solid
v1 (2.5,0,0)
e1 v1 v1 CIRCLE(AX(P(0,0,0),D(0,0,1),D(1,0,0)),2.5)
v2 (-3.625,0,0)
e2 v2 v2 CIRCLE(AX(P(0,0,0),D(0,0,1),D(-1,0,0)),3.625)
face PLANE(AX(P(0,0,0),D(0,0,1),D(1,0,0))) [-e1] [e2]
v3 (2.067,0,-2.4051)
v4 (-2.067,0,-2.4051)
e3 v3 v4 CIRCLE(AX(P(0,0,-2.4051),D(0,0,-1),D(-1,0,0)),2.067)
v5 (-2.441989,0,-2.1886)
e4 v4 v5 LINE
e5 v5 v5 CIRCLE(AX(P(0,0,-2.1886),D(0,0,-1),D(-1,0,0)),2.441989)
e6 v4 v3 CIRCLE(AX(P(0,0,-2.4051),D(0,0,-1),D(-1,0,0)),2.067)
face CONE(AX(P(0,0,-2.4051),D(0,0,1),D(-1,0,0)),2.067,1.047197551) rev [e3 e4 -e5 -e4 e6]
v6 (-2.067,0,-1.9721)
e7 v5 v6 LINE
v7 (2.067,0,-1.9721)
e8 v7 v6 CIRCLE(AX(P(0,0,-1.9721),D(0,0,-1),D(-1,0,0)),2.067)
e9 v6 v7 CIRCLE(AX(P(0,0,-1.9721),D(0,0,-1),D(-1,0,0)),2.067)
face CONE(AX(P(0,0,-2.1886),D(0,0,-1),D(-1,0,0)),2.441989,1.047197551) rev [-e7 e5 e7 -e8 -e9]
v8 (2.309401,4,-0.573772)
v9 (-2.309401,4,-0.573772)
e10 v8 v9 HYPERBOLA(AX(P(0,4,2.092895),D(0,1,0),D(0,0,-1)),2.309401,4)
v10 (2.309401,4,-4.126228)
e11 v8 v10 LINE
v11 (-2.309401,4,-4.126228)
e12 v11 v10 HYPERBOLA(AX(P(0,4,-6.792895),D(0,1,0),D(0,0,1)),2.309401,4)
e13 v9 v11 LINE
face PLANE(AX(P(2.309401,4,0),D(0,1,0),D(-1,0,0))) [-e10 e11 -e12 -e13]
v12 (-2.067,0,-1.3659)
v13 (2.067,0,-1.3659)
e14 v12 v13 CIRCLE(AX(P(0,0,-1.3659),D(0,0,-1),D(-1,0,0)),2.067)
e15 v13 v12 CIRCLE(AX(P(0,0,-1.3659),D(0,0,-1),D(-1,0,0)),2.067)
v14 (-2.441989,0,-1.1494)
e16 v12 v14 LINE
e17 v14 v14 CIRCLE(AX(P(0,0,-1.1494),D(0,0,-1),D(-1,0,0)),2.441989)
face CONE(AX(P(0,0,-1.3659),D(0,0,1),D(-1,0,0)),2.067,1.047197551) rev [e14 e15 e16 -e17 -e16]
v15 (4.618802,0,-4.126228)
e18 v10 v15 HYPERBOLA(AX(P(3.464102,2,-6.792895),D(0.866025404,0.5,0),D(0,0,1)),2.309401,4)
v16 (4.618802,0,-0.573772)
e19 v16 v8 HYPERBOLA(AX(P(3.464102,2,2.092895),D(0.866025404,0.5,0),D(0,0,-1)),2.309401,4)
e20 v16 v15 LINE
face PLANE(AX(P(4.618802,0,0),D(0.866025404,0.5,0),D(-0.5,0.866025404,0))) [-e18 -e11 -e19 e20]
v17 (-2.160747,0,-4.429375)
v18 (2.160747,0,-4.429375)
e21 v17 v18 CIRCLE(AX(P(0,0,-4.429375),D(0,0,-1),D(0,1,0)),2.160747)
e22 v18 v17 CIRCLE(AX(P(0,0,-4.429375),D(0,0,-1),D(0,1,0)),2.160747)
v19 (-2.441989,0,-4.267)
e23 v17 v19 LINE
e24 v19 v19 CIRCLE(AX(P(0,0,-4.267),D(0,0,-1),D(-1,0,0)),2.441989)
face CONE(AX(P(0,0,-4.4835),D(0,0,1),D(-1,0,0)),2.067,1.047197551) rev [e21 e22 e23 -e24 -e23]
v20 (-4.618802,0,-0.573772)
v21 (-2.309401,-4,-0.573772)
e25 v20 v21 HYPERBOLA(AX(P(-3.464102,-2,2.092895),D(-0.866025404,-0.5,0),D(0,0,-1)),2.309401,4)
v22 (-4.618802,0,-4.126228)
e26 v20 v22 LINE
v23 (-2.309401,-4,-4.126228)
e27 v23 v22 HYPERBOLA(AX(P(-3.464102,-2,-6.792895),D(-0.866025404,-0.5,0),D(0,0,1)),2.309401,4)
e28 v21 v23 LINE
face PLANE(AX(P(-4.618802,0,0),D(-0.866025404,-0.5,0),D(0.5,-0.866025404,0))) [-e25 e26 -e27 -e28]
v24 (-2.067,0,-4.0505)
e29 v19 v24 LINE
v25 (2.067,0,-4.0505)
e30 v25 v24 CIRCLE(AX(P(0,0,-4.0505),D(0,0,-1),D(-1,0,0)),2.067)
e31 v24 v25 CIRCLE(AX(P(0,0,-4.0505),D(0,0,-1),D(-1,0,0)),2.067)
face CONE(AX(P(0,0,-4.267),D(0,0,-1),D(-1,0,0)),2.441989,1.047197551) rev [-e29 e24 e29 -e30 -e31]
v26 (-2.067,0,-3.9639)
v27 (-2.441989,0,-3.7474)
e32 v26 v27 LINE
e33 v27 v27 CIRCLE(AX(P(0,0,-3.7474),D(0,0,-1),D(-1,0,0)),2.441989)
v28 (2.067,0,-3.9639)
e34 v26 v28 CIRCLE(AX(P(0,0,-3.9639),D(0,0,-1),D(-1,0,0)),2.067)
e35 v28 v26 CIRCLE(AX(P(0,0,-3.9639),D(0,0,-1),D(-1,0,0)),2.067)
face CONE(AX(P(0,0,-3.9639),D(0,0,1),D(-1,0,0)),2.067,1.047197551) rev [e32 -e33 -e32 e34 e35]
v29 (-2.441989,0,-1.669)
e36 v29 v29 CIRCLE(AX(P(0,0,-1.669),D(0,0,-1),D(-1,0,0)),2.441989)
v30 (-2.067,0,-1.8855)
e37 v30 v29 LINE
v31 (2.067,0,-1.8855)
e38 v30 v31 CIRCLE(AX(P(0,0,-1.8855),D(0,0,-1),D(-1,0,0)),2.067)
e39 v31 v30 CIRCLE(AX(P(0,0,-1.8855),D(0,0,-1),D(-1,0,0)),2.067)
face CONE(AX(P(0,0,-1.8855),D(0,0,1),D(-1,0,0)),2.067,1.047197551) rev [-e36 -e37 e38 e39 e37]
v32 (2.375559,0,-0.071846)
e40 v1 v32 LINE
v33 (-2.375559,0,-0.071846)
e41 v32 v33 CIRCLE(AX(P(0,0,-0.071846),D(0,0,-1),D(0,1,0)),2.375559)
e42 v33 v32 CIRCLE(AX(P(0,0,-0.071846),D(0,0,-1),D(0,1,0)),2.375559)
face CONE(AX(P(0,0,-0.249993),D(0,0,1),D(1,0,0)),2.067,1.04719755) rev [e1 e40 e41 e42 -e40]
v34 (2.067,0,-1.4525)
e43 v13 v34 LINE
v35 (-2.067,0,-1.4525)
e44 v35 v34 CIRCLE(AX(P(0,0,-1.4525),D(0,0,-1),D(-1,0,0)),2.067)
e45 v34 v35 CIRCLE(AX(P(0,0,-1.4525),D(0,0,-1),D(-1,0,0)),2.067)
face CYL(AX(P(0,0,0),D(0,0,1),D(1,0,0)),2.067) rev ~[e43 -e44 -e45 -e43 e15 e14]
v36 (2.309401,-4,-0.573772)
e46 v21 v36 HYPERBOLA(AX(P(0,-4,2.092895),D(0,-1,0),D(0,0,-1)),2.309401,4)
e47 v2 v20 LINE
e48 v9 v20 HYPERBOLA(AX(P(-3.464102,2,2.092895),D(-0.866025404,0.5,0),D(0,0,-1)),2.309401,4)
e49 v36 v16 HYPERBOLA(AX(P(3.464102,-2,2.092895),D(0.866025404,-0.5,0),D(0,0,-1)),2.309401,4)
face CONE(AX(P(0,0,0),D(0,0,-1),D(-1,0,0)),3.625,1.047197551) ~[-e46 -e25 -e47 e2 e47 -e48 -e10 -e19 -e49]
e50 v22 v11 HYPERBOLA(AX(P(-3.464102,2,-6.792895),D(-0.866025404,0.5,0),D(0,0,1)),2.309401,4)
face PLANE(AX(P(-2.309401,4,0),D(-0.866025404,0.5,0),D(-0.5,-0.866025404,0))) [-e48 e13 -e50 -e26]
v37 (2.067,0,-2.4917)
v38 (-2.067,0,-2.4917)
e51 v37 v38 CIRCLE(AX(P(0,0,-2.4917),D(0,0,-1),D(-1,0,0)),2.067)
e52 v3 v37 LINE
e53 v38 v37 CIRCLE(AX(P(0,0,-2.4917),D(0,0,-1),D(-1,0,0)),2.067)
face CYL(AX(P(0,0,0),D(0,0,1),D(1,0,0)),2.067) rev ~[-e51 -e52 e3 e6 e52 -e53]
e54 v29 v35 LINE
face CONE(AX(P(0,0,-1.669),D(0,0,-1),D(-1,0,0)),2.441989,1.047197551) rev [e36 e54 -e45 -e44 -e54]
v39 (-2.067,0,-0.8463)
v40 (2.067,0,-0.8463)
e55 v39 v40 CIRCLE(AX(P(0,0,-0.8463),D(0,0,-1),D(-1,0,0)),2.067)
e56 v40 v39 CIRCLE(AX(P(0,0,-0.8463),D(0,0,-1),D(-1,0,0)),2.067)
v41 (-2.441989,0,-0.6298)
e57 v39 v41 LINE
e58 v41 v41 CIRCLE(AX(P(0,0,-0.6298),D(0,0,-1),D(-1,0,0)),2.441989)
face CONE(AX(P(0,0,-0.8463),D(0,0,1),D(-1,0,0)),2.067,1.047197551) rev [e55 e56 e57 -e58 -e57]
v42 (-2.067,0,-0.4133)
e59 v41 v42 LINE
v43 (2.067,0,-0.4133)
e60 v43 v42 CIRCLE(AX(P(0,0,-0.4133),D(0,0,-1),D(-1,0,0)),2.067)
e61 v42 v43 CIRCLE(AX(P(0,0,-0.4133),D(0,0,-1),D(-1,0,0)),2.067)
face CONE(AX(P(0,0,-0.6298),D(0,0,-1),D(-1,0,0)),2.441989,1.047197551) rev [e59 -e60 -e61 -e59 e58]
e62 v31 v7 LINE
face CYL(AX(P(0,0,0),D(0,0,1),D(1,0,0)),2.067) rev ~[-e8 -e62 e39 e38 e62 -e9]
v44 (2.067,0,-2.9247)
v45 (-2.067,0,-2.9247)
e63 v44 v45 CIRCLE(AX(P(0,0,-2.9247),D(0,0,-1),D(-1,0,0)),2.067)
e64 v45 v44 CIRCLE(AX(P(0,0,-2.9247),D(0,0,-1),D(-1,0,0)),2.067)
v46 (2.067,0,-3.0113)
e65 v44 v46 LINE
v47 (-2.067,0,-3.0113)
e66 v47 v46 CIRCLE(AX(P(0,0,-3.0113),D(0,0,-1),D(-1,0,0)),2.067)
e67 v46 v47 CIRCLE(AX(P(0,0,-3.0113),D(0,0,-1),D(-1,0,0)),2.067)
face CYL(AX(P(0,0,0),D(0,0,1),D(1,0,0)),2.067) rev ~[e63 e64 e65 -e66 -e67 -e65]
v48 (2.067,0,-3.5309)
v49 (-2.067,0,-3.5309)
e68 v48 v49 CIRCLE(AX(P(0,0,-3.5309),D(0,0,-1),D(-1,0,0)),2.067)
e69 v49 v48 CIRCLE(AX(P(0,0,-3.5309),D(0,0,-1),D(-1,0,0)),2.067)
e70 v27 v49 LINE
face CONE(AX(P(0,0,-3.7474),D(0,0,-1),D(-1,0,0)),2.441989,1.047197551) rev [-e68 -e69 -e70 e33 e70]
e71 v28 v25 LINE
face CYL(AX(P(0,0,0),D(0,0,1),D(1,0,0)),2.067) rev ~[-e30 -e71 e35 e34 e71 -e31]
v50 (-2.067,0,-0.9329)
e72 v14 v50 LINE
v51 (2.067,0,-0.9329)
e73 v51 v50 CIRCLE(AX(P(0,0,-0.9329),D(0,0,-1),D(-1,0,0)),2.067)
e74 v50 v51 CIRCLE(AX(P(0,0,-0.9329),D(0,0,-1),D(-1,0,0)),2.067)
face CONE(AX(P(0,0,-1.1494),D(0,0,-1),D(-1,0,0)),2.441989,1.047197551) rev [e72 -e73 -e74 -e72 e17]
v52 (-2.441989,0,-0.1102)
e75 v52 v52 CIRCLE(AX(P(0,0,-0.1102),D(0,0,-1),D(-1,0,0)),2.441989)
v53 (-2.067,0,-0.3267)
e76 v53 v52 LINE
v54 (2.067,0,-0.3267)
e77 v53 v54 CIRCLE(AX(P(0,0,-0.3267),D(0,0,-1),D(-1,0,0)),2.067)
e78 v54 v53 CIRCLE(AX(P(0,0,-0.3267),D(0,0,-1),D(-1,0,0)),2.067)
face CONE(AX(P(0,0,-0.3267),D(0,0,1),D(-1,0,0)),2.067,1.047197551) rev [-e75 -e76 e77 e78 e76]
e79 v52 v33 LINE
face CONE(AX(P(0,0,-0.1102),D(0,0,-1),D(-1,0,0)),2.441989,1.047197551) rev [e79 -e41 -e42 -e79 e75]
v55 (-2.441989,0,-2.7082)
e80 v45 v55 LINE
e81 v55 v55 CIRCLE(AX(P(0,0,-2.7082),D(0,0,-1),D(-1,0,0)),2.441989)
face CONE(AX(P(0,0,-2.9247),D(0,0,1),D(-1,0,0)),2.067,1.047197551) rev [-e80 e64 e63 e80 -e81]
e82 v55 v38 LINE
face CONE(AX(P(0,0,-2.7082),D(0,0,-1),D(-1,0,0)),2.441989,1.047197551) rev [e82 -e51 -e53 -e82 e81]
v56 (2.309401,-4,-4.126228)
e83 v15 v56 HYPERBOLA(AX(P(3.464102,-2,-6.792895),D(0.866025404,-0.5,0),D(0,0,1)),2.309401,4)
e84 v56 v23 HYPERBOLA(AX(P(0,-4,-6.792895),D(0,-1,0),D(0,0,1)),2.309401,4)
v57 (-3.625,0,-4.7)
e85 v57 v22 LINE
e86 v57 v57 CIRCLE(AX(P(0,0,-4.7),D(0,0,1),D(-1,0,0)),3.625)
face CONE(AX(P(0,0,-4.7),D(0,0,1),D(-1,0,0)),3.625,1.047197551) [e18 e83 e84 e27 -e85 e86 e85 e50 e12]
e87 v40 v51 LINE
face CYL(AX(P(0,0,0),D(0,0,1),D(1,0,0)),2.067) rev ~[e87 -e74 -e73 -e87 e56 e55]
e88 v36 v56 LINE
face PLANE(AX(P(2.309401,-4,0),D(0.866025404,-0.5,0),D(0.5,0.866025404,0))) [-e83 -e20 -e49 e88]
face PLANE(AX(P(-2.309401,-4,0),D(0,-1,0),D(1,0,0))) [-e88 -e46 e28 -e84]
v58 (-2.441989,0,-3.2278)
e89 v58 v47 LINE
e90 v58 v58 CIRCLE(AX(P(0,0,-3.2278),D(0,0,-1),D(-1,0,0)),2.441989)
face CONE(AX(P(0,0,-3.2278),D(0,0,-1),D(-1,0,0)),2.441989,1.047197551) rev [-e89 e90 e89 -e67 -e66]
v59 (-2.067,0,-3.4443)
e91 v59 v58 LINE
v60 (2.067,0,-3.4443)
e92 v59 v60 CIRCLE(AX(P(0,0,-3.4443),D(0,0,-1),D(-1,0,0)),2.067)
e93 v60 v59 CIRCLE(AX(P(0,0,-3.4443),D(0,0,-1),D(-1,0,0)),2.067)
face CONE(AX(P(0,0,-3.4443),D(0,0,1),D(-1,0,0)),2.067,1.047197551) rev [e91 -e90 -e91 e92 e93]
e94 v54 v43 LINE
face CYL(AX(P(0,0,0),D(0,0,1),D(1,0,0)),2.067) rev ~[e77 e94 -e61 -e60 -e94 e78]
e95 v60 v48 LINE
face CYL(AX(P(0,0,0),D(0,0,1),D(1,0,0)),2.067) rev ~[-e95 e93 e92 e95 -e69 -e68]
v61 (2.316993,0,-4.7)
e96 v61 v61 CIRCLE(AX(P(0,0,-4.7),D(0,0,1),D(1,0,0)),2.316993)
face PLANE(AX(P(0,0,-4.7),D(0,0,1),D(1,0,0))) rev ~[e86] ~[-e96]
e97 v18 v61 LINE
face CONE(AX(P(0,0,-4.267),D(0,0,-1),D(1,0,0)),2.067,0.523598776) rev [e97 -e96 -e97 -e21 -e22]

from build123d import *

# Parameters (mm, degrees)
SKETCH1_R               = 2.067
BASENUT_DEPTH           = 4.7
ENDCHAMFER_SIZE         = 0.433
ENDCHAMFER_SIZE2        = 0.249992667
ENDCHAMFER_PART_2_SIZE  = 0.433
ENDCHAMFER_PART_2_SIZE2 = 0.249992667
LPATTERN10_COUNT        = 9
LPATTERN10_PITCH        = 0.5196


with BuildPart() as part:
    # Sketch1 → BaseNut (new body)
    with BuildSketch(Plane.XY):
        Polygon((4.618802154, 0), (2.309401077, 4), (-2.309401077, 4), (-4.618802154, 0), (-2.309401077, -4), (2.309401077, -4), align=None)
        Circle(SKETCH1_R, mode=Mode.SUBTRACT)
    extrude(amount=-BASENUT_DEPTH)

    # Sketch2 → Double-Chamfer (revolve, cut)
    with BuildSketch(Plane(origin=(0, 0, 0), x_dir=(1, 0, 0), z_dir=(0, 1, 0))):
        Polygon((-4.618802154, 4.7), (-3.625, 4.7), (-4.618802154, 4.126228059), align=None)
        Polygon((-4.618802154, 0.573771941), (-4.618802154, 0), (-3.625, 0), align=None)
    revolve(axis=Axis((0, 0, -3.375940562), (0, 0, 1)), mode=Mode.SUBTRACT)

    # EndChamfer
    endchamfer_edges = [part.edges().sort_by_distance(p)[0] for p in [
        (-2.067, 0, -4.7),
    ]]
    endchamfer_side = [part.faces().sort_by_distance(p)[0] for p in [
        (-2.067, 0, -2.35),
    ]]
    chamfer(endchamfer_edges, length=ENDCHAMFER_SIZE, length2=ENDCHAMFER_SIZE2, reference=endchamfer_side[0])

    # EndChamfer part 2
    endchamfer_part_2_edges = [part.edges().sort_by_distance(p)[0] for p in [
        (-2.067, 0, 0),
    ]]
    endchamfer_part_2_side = [part.faces().sort_by_distance(p)[0] for p in [
        (3.522469517, 0, 0),
    ]]
    chamfer(endchamfer_part_2_edges, length=ENDCHAMFER_PART_2_SIZE, length2=ENDCHAMFER_PART_2_SIZE2, reference=endchamfer_part_2_side[0])

    # Sketch3 → Cut-Revolve10 (revolve, cut)
    with BuildSketch(Plane(origin=(0, 0, 0), x_dir=(1, 0, 0), z_dir=(0, 1, 0))):
        Polygon((-2.441989, 4.267), (-2.067, 4.0505), (-1.634, 4.0505), (-1.634, 4.4835), (-2.067, 4.4835), align=None)
    cut_revolve10 = revolve(axis=Axis((0, 0, -7.438254559), (0, 0, -1)), mode=Mode.SUBTRACT)

    # LPattern10: Cut-Revolve10 ×9
    with Locations(*[(0, 0, i * LPATTERN10_PITCH) for i in range(1, LPATTERN10_COUNT)]):
        add(cut_revolve10, mode=Mode.SUBTRACT)


solid = part.part
